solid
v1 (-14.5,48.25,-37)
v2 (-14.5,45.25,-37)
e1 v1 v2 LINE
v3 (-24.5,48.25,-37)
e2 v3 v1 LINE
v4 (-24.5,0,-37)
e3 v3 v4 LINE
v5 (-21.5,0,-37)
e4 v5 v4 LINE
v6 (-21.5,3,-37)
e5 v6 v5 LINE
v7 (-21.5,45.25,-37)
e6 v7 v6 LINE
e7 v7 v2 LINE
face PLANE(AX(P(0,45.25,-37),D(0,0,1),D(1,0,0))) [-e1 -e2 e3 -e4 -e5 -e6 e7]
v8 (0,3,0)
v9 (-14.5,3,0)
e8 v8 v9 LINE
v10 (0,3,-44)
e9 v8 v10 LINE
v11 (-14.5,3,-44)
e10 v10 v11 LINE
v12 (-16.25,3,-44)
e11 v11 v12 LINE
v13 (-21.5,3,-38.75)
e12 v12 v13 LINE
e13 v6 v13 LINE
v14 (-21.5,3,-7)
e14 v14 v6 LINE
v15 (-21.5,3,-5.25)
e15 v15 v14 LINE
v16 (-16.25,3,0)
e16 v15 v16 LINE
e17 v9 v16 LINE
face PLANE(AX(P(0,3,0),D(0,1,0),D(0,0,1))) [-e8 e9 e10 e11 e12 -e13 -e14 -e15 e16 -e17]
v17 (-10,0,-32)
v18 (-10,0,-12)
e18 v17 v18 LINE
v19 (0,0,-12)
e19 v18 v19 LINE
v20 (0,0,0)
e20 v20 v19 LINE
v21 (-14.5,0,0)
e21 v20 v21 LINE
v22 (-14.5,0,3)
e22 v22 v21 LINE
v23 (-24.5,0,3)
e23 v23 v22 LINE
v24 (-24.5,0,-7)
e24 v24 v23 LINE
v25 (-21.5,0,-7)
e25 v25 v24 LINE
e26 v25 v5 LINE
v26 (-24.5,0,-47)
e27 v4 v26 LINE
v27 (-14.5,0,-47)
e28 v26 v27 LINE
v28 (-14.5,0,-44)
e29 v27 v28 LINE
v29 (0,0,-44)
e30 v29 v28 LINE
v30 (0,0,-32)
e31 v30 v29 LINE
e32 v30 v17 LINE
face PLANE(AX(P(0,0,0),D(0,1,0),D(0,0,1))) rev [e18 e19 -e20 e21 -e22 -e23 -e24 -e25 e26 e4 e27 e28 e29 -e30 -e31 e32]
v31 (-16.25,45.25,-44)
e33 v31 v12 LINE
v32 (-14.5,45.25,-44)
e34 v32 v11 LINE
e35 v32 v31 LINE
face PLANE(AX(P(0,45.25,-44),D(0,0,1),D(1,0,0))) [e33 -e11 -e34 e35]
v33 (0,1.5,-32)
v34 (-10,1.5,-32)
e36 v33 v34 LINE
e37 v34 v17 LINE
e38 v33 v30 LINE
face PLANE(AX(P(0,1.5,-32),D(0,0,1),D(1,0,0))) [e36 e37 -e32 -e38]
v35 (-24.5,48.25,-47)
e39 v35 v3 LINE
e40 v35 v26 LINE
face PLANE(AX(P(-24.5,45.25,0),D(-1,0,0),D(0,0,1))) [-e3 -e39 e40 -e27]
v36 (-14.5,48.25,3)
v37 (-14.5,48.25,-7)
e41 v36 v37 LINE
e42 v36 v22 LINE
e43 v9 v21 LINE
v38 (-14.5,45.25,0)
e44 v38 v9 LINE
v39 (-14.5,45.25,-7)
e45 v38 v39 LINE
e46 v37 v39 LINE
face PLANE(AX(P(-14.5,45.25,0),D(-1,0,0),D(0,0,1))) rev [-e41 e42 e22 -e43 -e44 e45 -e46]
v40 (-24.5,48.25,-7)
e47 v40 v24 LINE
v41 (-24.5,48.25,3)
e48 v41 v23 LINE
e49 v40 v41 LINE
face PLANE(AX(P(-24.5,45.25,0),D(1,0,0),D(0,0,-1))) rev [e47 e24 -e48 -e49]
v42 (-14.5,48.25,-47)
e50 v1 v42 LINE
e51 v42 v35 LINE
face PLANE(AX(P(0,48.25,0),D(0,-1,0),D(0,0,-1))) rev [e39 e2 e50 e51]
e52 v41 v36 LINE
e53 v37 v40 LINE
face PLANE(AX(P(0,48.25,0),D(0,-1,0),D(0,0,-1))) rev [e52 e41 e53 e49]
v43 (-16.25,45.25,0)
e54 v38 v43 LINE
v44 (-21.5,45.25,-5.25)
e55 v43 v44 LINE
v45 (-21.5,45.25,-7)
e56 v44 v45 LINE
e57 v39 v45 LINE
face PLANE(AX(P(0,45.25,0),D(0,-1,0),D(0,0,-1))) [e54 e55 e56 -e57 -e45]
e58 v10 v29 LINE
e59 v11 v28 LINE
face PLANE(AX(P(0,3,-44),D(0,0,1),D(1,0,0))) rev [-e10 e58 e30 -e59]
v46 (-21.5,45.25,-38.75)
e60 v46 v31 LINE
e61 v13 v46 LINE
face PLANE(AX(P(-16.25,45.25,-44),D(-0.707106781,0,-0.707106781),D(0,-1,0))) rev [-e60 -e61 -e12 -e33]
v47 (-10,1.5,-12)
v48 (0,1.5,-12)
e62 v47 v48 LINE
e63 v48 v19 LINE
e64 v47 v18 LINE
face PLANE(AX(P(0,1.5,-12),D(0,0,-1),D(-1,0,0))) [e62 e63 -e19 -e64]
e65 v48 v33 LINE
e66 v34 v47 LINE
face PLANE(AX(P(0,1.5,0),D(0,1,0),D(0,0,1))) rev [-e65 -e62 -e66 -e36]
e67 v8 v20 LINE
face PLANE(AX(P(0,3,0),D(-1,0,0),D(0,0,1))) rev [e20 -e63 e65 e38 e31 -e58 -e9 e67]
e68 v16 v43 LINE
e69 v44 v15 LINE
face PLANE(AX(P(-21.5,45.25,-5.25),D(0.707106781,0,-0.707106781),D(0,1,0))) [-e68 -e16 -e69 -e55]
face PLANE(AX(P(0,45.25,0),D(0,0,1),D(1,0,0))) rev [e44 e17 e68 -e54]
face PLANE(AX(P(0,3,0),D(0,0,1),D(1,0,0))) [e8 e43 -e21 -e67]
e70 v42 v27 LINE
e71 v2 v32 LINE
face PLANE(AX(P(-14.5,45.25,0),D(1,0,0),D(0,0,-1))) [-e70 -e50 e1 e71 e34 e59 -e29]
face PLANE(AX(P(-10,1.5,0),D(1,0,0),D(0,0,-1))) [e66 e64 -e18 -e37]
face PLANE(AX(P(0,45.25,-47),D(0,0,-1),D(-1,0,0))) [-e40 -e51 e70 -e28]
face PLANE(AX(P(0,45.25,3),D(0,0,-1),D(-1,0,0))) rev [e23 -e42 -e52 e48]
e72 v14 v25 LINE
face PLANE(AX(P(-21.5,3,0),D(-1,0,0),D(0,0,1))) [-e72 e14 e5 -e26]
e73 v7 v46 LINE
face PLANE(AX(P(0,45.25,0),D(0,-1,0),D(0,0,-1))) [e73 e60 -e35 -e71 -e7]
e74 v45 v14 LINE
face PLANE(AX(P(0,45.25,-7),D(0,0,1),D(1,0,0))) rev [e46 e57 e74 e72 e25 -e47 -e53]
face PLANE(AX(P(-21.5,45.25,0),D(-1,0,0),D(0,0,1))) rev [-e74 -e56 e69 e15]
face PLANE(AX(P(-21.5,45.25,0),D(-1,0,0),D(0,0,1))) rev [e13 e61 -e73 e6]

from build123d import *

# Parameters (mm, degrees)
SKETCH1_W           = 21.5
SKETCH1_H           = 44
BOSS_EXTRUDE2_DEPTH = 3
SKETCH1_8_W         = 10
SKETCH1_8_H         = 20
CUT_EXTRUDE1_DEPTH  = 1.5
BOSS_EXTRUDE3_DEPTH = 45.25
SKETCH2_W           = 10
SKETCH2_H           = 10
BOSS_EXTRUDE4_DEPTH = 3
CHAMFER4_SIZE       = 5.25


with BuildPart() as part:
    # Sketch1 → Boss-Extrude2 (new body)
    with BuildSketch(Plane(origin=(0, 0, 0), x_dir=(1, 0, 0), z_dir=(0, 1, 0))):
        with Locations((-10.75, 22)):
            Rectangle(SKETCH1_W, SKETCH1_H)
    extrude(amount=BOSS_EXTRUDE2_DEPTH)

    # Sketch1<8> → Cut-Extrude1 (cut)
    with BuildSketch(Plane(origin=(0, 0, 0), x_dir=(1, 0, 0), z_dir=(0, 1, 0))):
        with Locations((-5, 22)):
            Rectangle(SKETCH1_8_W, SKETCH1_8_H)
    extrude(amount=CUT_EXTRUDE1_DEPTH, mode=Mode.SUBTRACT)

    # Sketch1<9> → Boss-Extrude3 (add)
    with BuildSketch(Plane(origin=(0, 0, 0), x_dir=(1, 0, 0), z_dir=(0, 1, 0))):
        Polygon((-21.5, 0), (-21.5, 7), (-24.5, 7), (-24.5, -3), (-14.5, -3), (-14.5, 0), align=None)
        Polygon((-24.5, 37), (-21.5, 37), (-21.5, 44), (-14.5, 44), (-14.5, 47), (-24.5, 47), align=None)
    extrude(amount=BOSS_EXTRUDE3_DEPTH)

    # Sketch2 → Boss-Extrude4 (add)
    with BuildSketch(Plane(origin=(0, 45.25, 0), x_dir=(1, 0, 0), z_dir=(0, 1, 0))):
        with Locations((-19.5, 2)):
            Rectangle(SKETCH2_W, SKETCH2_H)
        with Locations((-19.5, 42)):
            Rectangle(SKETCH2_W, SKETCH2_H)
    extrude(amount=BOSS_EXTRUDE4_DEPTH)

    # Chamfer4
    chamfer4_edges = [part.edges().sort_by_distance(p)[0] for p in [
        (-21.5, 24.125, 0),
        (-21.5, 24.125, -44),
    ]]
    chamfer(chamfer4_edges, length=CHAMFER4_SIZE)


solid = part.part
